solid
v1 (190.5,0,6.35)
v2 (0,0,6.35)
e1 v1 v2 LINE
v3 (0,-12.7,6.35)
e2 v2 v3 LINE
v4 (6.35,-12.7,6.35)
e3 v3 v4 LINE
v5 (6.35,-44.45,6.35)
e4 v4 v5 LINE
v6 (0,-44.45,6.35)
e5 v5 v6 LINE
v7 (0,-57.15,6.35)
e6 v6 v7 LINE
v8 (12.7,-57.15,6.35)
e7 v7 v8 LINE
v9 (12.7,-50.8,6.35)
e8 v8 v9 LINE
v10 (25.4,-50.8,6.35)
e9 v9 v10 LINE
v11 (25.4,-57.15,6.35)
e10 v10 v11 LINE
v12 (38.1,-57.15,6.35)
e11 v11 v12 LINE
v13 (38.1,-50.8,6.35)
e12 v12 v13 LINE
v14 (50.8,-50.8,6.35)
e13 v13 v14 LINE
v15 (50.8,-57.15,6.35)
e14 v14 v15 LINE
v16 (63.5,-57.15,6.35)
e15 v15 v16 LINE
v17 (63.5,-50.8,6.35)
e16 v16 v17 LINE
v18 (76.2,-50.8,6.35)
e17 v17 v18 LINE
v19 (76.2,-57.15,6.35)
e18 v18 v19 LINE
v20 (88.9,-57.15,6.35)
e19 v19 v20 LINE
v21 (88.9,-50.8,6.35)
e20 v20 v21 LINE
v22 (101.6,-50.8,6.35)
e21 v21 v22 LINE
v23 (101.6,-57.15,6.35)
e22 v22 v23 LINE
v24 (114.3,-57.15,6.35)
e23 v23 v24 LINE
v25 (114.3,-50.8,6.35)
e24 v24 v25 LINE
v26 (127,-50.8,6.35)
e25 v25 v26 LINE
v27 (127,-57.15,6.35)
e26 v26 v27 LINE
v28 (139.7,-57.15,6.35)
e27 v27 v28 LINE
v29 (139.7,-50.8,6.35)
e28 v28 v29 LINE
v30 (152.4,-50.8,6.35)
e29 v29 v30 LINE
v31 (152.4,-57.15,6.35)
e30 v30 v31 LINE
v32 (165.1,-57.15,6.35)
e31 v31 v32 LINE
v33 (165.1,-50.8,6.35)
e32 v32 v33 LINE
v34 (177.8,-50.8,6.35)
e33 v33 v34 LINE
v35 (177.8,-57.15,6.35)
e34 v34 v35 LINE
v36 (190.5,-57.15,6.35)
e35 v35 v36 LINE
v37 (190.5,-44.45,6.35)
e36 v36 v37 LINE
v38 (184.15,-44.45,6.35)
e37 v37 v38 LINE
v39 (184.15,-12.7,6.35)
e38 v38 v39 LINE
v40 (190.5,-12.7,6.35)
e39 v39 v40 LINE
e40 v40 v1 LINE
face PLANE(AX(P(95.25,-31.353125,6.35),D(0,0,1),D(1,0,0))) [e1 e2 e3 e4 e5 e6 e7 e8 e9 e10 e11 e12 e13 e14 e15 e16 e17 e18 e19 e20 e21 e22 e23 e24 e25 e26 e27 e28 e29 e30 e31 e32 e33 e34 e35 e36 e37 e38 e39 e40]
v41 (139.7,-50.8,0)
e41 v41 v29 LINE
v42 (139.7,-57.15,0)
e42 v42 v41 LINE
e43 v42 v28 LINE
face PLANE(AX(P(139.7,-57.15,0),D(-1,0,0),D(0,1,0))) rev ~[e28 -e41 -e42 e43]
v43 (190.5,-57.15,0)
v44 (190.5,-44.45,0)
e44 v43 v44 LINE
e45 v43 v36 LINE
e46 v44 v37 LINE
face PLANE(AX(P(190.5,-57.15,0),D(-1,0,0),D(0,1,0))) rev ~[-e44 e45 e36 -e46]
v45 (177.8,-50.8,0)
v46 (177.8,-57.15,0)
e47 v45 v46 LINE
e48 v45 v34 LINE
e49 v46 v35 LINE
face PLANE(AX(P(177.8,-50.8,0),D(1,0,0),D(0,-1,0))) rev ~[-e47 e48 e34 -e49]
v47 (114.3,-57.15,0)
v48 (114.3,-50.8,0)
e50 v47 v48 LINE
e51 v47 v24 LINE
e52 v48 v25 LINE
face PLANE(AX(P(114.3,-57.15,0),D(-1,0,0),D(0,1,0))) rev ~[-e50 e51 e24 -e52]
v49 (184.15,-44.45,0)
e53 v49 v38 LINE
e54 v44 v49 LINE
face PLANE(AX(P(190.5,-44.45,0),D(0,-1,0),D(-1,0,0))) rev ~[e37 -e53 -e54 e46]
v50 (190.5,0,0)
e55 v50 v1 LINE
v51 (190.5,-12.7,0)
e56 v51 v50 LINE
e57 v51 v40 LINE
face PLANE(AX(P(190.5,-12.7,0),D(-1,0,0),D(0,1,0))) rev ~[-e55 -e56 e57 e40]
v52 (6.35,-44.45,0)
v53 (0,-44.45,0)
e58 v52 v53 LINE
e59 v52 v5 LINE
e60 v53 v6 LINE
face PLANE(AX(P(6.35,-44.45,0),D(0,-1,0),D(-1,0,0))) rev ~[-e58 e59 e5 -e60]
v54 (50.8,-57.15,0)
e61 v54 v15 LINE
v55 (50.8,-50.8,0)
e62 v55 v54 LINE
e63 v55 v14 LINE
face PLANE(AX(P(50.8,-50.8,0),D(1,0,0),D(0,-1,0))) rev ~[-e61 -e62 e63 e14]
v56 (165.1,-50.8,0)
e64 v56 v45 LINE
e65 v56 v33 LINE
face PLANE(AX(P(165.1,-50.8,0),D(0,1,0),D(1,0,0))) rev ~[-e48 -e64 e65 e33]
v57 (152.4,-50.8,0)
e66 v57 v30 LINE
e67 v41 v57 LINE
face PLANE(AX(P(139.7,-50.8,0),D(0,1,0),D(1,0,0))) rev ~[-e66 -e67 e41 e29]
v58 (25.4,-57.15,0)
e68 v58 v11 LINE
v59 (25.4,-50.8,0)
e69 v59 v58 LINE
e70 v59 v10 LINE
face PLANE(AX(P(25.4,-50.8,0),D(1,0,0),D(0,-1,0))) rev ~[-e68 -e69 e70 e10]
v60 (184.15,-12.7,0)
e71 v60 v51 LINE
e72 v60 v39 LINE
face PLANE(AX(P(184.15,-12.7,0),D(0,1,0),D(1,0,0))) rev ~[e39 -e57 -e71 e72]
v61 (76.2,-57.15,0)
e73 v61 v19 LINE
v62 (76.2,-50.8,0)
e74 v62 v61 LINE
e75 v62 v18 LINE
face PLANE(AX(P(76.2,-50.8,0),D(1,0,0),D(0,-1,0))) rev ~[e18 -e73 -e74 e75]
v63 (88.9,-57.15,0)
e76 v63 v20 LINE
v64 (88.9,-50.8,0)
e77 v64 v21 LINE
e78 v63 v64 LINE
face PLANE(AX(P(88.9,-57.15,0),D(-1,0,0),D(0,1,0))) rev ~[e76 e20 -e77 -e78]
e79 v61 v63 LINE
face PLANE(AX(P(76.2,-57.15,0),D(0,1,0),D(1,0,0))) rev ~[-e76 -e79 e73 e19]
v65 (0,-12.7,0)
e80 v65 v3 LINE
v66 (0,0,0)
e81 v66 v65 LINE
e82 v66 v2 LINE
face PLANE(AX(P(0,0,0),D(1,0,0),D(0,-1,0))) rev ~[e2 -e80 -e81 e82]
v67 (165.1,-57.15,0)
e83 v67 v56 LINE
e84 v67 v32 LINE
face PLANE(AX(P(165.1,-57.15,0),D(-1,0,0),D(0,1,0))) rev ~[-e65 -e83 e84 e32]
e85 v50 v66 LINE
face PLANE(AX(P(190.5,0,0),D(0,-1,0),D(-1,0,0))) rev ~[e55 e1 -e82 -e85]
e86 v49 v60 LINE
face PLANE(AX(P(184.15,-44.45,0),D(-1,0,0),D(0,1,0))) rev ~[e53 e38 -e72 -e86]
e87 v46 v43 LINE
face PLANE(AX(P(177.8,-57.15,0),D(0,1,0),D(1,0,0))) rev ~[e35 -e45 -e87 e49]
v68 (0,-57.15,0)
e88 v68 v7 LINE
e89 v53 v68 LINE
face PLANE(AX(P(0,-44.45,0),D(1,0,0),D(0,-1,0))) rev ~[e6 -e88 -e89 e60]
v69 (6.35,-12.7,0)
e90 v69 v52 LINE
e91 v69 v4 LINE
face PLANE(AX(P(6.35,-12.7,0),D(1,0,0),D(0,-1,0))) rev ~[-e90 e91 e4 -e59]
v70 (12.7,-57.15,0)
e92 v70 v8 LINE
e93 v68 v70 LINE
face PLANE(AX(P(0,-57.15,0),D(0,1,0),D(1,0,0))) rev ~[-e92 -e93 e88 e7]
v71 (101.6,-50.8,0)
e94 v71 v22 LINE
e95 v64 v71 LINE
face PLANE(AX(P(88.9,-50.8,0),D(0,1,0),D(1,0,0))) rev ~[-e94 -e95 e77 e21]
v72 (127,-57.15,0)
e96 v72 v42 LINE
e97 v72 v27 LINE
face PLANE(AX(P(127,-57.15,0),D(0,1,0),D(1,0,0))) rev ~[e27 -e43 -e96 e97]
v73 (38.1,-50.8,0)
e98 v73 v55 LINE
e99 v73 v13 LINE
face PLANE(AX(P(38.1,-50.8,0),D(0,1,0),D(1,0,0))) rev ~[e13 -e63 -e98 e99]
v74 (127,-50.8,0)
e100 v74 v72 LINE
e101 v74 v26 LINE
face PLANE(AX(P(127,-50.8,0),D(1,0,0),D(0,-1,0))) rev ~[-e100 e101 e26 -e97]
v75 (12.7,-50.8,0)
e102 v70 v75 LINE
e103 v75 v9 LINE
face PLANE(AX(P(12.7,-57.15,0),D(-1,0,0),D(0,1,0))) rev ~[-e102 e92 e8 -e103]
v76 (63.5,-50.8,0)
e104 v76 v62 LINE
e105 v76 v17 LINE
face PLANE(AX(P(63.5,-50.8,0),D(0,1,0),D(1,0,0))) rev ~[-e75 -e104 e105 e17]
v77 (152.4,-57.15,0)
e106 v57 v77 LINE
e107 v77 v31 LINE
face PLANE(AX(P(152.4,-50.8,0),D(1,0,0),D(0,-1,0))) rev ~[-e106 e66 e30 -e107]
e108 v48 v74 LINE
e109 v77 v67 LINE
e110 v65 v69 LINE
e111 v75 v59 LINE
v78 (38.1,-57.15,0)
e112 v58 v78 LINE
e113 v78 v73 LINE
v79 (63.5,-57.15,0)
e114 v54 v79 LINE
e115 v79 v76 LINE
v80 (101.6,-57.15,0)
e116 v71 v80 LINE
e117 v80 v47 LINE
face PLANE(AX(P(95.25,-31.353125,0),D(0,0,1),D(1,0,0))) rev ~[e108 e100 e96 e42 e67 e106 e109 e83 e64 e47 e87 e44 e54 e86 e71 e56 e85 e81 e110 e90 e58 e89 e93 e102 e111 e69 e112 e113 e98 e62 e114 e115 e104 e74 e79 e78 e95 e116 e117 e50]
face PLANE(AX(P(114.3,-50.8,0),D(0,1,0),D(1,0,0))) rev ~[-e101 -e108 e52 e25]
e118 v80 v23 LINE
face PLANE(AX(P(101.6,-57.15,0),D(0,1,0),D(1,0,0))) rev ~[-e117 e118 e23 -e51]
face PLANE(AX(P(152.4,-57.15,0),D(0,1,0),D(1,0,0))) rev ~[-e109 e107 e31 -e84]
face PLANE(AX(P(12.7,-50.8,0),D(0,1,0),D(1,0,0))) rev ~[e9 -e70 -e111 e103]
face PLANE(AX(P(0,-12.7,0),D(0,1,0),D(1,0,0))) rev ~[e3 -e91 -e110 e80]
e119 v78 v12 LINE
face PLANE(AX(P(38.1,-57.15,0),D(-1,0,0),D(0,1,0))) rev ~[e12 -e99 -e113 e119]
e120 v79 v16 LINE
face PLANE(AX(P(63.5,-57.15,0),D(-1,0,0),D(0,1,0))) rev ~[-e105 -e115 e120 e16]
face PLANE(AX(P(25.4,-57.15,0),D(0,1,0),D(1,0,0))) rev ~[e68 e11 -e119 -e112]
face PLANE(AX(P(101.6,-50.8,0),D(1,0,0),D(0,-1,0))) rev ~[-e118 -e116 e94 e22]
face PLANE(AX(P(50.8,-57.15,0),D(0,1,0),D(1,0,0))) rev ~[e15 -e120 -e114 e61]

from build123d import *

# Parameters (mm, degrees)
F1_DEPTH = 6.35


with BuildPart() as f1:
    # F0 (on Top) → F1 (new body)
    with BuildSketch(Plane.XY):
        Polygon((190.5, 0), (0, 0), (0, -12.7), (6.35, -12.7), (6.35, -44.45), (0, -44.45), (0, -57.15), (12.7, -57.15), (12.7, -50.8), (25.4, -50.8), (25.4, -57.15), (38.1, -57.15), (38.1, -50.8), (50.8, -50.8), (50.8, -57.15), (63.5, -57.15), (63.5, -50.8), (76.2, -50.8), (76.2, -57.15), (88.9, -57.15), (88.9, -50.8), (101.6, -50.8), (101.6, -57.15), (114.3, -57.15), (114.3, -50.8), (127, -50.8), (127, -57.15), (139.7, -57.15), (139.7, -50.8), (152.4, -50.8), (152.4, -57.15), (165.1, -57.15), (165.1, -50.8), (177.8, -50.8), (177.8, -57.15), (190.5, -57.15), (190.5, -44.45), (184.15, -44.45), (184.15, -12.7), (190.5, -12.7), align=None)
    extrude(amount=F1_DEPTH)


solid = f1.part
